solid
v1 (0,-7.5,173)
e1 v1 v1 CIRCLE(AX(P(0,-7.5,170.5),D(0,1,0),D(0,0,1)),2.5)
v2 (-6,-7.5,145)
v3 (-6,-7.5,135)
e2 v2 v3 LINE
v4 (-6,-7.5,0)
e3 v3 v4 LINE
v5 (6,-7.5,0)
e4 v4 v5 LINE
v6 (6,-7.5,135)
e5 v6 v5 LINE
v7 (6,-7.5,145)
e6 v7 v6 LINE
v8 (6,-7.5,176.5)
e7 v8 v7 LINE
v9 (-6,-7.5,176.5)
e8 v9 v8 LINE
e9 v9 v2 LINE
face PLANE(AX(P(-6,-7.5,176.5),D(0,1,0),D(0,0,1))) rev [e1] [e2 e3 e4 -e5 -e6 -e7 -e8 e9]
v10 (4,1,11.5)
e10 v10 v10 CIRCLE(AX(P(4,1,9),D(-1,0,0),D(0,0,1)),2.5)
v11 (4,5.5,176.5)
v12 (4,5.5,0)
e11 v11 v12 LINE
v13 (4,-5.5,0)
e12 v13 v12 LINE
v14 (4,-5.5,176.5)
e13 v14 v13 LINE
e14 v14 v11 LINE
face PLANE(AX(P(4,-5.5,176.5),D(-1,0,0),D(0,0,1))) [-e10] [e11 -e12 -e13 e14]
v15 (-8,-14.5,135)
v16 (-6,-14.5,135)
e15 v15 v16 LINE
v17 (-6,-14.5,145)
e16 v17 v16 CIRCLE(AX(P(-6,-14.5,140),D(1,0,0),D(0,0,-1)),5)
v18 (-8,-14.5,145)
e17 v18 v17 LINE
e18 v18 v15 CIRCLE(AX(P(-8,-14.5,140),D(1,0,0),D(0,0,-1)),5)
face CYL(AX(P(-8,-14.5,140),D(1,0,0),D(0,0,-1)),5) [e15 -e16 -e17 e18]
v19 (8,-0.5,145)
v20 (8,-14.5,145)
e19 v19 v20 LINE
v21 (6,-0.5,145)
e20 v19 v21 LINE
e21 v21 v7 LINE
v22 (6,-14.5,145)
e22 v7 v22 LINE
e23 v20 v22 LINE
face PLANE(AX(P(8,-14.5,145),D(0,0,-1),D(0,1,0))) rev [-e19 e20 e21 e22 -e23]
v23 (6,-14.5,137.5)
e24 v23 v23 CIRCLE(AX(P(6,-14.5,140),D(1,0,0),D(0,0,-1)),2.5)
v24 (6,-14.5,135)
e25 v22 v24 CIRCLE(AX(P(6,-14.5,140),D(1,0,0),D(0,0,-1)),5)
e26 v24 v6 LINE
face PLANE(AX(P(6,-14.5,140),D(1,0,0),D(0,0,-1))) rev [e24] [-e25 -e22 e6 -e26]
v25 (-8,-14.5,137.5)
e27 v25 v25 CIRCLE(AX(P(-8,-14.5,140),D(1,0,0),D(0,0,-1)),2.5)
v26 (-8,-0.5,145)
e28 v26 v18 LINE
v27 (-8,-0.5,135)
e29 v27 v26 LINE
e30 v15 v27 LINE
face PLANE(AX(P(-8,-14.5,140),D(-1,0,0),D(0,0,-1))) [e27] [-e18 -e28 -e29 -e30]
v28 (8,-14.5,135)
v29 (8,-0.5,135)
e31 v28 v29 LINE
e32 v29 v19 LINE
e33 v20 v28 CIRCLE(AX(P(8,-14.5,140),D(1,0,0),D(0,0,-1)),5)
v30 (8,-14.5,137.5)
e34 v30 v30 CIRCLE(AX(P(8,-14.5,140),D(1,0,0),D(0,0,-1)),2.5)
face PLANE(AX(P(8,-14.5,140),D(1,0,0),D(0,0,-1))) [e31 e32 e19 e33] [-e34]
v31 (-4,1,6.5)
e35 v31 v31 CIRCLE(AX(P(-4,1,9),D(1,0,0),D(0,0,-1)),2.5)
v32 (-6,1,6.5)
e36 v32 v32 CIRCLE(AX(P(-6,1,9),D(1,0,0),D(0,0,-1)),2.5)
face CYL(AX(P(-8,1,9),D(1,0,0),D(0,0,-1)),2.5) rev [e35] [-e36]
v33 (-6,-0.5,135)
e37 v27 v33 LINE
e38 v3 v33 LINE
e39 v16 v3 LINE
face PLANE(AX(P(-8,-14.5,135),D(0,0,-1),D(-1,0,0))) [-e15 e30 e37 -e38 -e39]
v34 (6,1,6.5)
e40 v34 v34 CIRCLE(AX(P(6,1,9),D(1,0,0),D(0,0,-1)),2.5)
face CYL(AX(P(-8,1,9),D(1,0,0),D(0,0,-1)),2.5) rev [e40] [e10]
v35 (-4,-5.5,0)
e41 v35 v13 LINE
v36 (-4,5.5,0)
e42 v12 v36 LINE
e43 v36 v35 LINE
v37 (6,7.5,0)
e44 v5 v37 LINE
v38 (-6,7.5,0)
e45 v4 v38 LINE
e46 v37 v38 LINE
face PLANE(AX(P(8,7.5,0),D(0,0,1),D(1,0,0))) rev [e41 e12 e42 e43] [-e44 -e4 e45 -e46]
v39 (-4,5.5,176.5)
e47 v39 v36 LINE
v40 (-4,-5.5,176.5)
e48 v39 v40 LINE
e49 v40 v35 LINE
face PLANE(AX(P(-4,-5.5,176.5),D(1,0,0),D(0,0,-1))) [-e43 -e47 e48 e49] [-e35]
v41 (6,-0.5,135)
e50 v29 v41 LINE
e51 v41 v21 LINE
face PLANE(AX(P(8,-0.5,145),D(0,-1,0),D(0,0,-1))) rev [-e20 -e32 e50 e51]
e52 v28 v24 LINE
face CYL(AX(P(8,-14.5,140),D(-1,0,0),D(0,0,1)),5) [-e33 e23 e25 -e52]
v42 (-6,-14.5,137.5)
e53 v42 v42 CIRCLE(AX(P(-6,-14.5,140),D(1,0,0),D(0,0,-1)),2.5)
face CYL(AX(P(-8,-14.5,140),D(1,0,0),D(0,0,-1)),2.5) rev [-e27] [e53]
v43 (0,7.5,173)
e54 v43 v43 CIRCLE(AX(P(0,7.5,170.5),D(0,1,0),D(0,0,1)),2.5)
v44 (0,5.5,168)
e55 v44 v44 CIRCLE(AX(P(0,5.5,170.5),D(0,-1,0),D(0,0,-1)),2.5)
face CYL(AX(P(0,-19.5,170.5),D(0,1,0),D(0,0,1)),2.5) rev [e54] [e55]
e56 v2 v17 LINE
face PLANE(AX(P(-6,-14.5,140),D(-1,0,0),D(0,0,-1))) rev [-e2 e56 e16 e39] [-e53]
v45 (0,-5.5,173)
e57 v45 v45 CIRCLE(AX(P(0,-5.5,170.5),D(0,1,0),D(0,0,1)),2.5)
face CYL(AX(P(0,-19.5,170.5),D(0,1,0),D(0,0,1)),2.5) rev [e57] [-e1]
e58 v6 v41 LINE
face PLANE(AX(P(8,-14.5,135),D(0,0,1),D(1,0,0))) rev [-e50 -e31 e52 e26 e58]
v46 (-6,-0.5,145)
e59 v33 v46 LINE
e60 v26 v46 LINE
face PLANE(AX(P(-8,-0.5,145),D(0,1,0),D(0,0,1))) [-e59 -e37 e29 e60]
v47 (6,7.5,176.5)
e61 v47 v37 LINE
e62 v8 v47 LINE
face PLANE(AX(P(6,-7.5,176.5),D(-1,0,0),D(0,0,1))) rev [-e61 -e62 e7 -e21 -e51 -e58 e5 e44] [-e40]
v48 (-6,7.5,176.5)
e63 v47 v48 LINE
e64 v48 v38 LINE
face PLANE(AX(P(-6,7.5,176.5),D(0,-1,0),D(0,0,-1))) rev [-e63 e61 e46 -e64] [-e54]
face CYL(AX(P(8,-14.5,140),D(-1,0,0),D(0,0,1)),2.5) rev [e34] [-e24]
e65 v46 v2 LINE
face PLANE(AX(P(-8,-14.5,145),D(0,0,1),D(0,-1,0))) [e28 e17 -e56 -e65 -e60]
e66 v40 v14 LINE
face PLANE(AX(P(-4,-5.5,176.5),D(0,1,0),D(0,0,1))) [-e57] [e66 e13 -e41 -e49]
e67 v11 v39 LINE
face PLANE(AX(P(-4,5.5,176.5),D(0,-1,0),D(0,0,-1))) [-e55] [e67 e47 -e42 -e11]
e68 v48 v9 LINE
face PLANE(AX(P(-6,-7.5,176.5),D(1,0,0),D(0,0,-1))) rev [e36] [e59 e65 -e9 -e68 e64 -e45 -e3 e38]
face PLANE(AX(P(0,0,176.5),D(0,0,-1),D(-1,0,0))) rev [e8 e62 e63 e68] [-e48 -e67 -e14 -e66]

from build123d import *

# Parameters (mm, degrees)
CROQUIS1_W                = 12
CROQUIS1_H                = 15
CROQUIS1_W_2              = 8
CROQUIS1_H_2              = 11
SALIENTE_EXTRUIR1_DEPTH   = 176.5
CROQUIS3_R                = 2.5
SALIENTE_EXTRUIR2_DEPTH   = 2
SIMETR_A2_COPY_1_SKETCH_R = 2.5
SIMETR_A2_COPY_1_DEPTH    = 2
SKETCH1_R                 = 2.5
CUT_EXTRUDE1_DEPTH        = 28
SKETCH6_W                 = 176.5
SKETCH6_H                 = 30.622513857
CUT_EXTRUDE2_DEPTH        = 15
SKETCH7_W                 = 10
SKETCH7_H                 = 20.073339824
CUT_EXTRUDE3_DEPTH        = 10
SKETCH8_R                 = 2.5
CUT_EXTRUDE4_DEPTH        = 15


with BuildPart() as part:
    # Croquis1 → Saliente-Extruir1 (new body, symmetric)
    with BuildSketch(Plane.XY):
        Rectangle(CROQUIS1_W, CROQUIS1_H)
        Rectangle(CROQUIS1_W_2, CROQUIS1_H_2, mode=Mode.SUBTRACT)
    extrude(amount=SALIENTE_EXTRUIR1_DEPTH, both=True)

    # Croquis3 → Saliente-Extruir2 (add)
    with BuildSketch(Plane.ZY.offset(6)):
        with BuildLine():
            Line((-145, -14.5), (-145, -0.5))
            Line((-145, -0.5), (-135, -0.5))
            Line((-135, -0.5), (-135, -14.5))
            ThreePointArc((-135, -14.5), (-140, -19.5), (-145, -14.5))
        make_face()
        with Locations((-140, -14.5)):
            Circle(CROQUIS3_R, mode=Mode.SUBTRACT)
    saliente_extruir2 = extrude(amount=SALIENTE_EXTRUIR2_DEPTH)

    # Simetría1: Saliente-Extruir2 across plane
    add(saliente_extruir2.mirror(Plane(origin=(0, 0, 0), x_dir=(0, 0, 1), z_dir=(1, 0, 0))))

    # Simetría2: Saliente-Extruir2 across plane
    add(saliente_extruir2.mirror(Plane.XY))

    # Simetría2 copy 1 sketch → Simetría2 copy 1 (add)
    with BuildSketch(Plane(origin=(6, 0, 0), x_dir=(0, 0, -1), z_dir=(1, 0, 0))):
        with BuildLine():
            Line((-145, -14.5), (-145, -0.5))
            Line((-145, -0.5), (-135, -0.5))
            Line((-135, -0.5), (-135, -14.5))
            ThreePointArc((-135, -14.5), (-140, -19.5), (-145, -14.5))
        make_face()
        with Locations((-140, -14.5)):
            Circle(SIMETR_A2_COPY_1_SKETCH_R, mode=Mode.SUBTRACT)
    extrude(amount=SIMETR_A2_COPY_1_DEPTH)

    # Sketch1 → Cut-Extrude1 (cut, through all)
    with BuildSketch(Plane(origin=(0, 7.5, 0), x_dir=(1, 0, 0), z_dir=(0, 1, 0))):
        with Locations((0, 170.5)):
            Circle(SKETCH1_R)
        with Locations((0, -170.5)):
            Circle(SKETCH1_R)
    extrude(amount=-CUT_EXTRUDE1_DEPTH, mode=Mode.SUBTRACT)

    # Sketch6 → Cut-Extrude2 (cut, through all)
    with BuildSketch(Plane.ZY.offset(6)):
        with Locations((-88.25, -7.811256929)):
            Rectangle(SKETCH6_W, SKETCH6_H)
    extrude(amount=-CUT_EXTRUDE2_DEPTH, mode=Mode.SUBTRACT)

    # Sketch7 → Cut-Extrude3 (cut)
    with BuildSketch(Plane.ZY.offset(8)):
        with Locations((-140, -10.536669912)):
            Rectangle(SKETCH7_W, SKETCH7_H)
    extrude(amount=-CUT_EXTRUDE3_DEPTH, mode=Mode.SUBTRACT)

    # Sketch8 → Cut-Extrude4 (cut, through all)
    with BuildSketch(Plane(origin=(6, 0, 0), x_dir=(0, 0, -1), z_dir=(1, 0, 0))):
        with Locations((-9, 1)):
            Circle(SKETCH8_R)
    extrude(amount=-CUT_EXTRUDE4_DEPTH, mode=Mode.SUBTRACT)


solid = part.part
